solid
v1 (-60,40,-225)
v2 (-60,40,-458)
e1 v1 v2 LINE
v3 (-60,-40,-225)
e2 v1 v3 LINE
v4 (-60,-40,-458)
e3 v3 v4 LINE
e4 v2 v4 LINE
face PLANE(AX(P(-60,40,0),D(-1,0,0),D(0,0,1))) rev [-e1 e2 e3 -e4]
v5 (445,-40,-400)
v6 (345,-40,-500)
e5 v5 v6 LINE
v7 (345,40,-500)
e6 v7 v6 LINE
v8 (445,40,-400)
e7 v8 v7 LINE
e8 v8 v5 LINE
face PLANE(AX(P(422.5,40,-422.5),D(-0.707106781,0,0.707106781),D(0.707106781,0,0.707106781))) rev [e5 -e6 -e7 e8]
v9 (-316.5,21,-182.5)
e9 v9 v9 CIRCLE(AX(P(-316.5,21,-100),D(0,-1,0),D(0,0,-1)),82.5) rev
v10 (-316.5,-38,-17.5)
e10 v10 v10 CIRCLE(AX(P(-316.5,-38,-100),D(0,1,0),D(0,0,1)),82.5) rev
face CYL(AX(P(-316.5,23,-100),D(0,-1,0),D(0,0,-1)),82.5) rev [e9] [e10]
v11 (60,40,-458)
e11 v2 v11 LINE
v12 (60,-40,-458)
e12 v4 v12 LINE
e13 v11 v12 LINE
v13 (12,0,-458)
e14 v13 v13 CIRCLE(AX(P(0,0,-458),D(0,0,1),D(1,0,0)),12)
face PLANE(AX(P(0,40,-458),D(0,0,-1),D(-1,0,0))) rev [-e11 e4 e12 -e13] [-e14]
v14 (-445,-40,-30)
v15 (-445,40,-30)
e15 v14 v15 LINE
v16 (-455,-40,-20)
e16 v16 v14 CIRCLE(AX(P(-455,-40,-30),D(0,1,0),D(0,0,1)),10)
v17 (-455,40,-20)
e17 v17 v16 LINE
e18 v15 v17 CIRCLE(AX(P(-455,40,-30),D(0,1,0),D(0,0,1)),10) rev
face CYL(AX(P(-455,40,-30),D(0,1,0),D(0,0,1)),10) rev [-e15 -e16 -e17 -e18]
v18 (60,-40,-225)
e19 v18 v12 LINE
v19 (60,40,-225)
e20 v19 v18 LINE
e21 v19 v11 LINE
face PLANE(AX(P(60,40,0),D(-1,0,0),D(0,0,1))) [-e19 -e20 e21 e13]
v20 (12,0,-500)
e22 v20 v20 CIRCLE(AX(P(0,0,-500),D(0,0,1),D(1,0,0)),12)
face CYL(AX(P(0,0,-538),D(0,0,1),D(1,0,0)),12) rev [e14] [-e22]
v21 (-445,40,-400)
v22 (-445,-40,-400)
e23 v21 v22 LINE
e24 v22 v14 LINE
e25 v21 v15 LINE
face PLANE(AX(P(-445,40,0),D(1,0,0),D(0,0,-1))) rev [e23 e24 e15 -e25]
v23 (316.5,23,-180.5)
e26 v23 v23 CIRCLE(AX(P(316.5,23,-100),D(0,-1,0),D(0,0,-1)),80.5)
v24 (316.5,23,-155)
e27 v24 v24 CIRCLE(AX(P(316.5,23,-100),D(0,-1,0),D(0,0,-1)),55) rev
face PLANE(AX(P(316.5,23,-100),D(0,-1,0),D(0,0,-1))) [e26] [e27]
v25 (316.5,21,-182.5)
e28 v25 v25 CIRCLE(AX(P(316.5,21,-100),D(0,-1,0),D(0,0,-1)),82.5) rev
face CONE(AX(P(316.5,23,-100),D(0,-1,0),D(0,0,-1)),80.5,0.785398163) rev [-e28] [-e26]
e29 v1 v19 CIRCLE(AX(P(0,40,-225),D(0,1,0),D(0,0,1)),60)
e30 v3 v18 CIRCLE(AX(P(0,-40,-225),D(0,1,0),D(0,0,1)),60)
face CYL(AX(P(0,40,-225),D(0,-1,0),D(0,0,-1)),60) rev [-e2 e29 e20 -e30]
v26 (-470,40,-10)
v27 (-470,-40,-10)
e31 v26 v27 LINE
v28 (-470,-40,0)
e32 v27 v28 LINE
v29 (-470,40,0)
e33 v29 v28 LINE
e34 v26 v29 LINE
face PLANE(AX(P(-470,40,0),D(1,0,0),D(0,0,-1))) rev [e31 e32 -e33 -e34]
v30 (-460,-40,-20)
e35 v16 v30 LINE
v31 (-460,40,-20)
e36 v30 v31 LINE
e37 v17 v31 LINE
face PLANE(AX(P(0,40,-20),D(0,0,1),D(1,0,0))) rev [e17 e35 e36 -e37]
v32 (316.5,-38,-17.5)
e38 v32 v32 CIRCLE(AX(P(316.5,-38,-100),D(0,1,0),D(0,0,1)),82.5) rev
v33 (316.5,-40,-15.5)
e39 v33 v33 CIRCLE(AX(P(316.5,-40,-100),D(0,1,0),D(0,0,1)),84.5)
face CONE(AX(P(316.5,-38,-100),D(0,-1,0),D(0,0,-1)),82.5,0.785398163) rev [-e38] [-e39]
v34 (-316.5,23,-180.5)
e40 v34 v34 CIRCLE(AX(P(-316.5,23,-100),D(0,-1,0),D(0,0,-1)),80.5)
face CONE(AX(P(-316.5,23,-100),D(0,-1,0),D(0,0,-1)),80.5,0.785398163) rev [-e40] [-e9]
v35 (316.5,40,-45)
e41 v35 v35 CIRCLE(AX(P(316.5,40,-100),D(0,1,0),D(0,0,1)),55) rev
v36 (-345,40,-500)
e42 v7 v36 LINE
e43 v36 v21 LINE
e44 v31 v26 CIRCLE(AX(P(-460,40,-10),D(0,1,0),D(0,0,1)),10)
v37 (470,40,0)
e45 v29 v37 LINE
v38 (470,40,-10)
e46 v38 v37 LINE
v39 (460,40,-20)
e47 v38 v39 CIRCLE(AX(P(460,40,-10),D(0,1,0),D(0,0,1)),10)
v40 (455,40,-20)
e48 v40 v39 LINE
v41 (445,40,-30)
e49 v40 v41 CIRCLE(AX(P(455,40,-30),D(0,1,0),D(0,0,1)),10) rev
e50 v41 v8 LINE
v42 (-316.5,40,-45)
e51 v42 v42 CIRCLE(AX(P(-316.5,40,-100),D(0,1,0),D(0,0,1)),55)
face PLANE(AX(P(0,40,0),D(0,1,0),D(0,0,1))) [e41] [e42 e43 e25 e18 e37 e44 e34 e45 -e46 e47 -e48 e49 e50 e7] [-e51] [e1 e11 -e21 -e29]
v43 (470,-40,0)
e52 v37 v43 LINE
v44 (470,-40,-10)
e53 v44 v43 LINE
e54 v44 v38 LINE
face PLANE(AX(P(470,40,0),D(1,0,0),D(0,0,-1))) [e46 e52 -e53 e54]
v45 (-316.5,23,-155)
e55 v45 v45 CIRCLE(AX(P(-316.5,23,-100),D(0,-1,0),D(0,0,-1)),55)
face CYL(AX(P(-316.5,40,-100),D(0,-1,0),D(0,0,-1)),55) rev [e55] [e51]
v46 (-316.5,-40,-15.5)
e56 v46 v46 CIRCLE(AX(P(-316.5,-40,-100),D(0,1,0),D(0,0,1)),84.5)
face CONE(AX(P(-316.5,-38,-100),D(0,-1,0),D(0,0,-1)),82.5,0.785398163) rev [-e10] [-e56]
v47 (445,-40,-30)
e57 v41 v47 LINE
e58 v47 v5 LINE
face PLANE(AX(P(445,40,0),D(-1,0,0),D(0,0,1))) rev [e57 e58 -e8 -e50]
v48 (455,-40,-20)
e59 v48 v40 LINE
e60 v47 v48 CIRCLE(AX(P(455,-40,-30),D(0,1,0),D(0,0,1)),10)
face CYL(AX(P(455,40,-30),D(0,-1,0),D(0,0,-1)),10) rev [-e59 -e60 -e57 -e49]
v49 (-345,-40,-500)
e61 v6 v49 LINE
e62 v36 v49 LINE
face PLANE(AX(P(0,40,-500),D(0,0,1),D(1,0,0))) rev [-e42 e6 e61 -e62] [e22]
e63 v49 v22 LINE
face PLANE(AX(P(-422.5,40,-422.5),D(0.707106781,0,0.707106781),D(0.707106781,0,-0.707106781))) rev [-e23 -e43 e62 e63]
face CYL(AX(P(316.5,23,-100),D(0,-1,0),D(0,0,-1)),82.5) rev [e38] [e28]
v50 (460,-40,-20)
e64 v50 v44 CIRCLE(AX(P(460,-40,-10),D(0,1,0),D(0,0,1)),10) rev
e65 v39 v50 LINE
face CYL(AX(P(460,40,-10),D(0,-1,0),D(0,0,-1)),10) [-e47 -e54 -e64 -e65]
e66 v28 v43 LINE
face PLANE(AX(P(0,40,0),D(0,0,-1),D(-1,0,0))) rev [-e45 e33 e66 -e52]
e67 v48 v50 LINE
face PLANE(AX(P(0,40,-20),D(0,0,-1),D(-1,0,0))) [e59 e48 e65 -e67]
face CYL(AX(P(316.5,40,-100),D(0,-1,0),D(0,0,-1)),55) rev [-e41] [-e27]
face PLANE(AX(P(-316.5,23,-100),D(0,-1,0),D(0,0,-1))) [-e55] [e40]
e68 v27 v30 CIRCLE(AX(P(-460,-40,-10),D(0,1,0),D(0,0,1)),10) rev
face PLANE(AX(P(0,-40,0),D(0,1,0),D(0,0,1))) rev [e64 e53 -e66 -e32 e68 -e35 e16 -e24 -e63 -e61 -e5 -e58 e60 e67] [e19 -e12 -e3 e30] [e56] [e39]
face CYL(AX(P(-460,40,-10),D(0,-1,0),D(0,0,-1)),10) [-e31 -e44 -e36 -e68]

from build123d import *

# Parameters (mm, degrees)
SKETCH1_R           = 55
BOSS_EXTRUDE1_DEPTH = 40
FILLET1_R           = 10
SKETCH2_R           = 12
CUT_EXTRUDE1_DEPTH  = 80
SKETCH3_R           = 82.5
CUT_EXTRUDE2_DEPTH  = 63
CHAMFER1_SIZE       = 2


with BuildPart() as part:
    # Sketch1 → Boss-Extrude1 (new, symmetric)
    with BuildSketch(Plane(origin=(0, 0, 0), x_dir=(1, 0, 0), z_dir=(0, 1, 0))):
        Polygon((-470, 0), (-445, 0), (445, 0), (470, 0), (470, 20), (445, 20), (445, 400), (345, 500), (-345, 500), (-445, 400), (-445, 20), (-470, 20), align=None)
        with Locations(Location((-316.5, 100, 0), (0, 0, 270))):
            Circle(SKETCH1_R, mode=Mode.SUBTRACT)
        with Locations(Location((316.5, 100, 0), (0, 0, 270))):
            Circle(SKETCH1_R, mode=Mode.SUBTRACT)
        with BuildLine():
            Line((-60, 225), (-60, 458))
            Line((-60, 458), (60, 458))
            Line((60, 458), (60, 225))
            ThreePointArc((60, 225), (0, 165), (-60, 225))
        make_face(mode=Mode.SUBTRACT)
    extrude(amount=BOSS_EXTRUDE1_DEPTH, both=True)

    # Fillet1
    fillet1_edges = [part.edges().sort_by_distance(p)[0] for p in [
        (445, 0, -20),
        (470, 0, -20),
        (-470, 0, -20),
        (-445, 0, -20),
    ]]
    fillet(fillet1_edges, radius=FILLET1_R)

    # Sketch2 → Cut-Extrude1 (cut)
    with BuildSketch(Plane.XY.offset(-458)):
        Circle(SKETCH2_R)
    extrude(amount=-CUT_EXTRUDE1_DEPTH, mode=Mode.SUBTRACT)

    # Sketch3 → Cut-Extrude2 (cut)
    with BuildSketch(Plane.XZ.offset(40)):
        with Locations(Location((-316.5, -100, 0), (0, 0, 270))):
            Circle(SKETCH3_R)
        with Locations(Location((316.5, -100, 0), (0, 0, 270))):
            Circle(SKETCH3_R)
    extrude(amount=-CUT_EXTRUDE2_DEPTH, mode=Mode.SUBTRACT)

    # Chamfer1
    chamfer1_edges = [part.edges().sort_by_distance(p)[0] for p in [
        (-316.5, 23, -17.5),
        (-316.5, -40, -17.5),
        (316.5, -40, -17.5),
        (316.5, 23, -17.5),
    ]]
    chamfer(chamfer1_edges, length=CHAMFER1_SIZE)


solid = part.part
